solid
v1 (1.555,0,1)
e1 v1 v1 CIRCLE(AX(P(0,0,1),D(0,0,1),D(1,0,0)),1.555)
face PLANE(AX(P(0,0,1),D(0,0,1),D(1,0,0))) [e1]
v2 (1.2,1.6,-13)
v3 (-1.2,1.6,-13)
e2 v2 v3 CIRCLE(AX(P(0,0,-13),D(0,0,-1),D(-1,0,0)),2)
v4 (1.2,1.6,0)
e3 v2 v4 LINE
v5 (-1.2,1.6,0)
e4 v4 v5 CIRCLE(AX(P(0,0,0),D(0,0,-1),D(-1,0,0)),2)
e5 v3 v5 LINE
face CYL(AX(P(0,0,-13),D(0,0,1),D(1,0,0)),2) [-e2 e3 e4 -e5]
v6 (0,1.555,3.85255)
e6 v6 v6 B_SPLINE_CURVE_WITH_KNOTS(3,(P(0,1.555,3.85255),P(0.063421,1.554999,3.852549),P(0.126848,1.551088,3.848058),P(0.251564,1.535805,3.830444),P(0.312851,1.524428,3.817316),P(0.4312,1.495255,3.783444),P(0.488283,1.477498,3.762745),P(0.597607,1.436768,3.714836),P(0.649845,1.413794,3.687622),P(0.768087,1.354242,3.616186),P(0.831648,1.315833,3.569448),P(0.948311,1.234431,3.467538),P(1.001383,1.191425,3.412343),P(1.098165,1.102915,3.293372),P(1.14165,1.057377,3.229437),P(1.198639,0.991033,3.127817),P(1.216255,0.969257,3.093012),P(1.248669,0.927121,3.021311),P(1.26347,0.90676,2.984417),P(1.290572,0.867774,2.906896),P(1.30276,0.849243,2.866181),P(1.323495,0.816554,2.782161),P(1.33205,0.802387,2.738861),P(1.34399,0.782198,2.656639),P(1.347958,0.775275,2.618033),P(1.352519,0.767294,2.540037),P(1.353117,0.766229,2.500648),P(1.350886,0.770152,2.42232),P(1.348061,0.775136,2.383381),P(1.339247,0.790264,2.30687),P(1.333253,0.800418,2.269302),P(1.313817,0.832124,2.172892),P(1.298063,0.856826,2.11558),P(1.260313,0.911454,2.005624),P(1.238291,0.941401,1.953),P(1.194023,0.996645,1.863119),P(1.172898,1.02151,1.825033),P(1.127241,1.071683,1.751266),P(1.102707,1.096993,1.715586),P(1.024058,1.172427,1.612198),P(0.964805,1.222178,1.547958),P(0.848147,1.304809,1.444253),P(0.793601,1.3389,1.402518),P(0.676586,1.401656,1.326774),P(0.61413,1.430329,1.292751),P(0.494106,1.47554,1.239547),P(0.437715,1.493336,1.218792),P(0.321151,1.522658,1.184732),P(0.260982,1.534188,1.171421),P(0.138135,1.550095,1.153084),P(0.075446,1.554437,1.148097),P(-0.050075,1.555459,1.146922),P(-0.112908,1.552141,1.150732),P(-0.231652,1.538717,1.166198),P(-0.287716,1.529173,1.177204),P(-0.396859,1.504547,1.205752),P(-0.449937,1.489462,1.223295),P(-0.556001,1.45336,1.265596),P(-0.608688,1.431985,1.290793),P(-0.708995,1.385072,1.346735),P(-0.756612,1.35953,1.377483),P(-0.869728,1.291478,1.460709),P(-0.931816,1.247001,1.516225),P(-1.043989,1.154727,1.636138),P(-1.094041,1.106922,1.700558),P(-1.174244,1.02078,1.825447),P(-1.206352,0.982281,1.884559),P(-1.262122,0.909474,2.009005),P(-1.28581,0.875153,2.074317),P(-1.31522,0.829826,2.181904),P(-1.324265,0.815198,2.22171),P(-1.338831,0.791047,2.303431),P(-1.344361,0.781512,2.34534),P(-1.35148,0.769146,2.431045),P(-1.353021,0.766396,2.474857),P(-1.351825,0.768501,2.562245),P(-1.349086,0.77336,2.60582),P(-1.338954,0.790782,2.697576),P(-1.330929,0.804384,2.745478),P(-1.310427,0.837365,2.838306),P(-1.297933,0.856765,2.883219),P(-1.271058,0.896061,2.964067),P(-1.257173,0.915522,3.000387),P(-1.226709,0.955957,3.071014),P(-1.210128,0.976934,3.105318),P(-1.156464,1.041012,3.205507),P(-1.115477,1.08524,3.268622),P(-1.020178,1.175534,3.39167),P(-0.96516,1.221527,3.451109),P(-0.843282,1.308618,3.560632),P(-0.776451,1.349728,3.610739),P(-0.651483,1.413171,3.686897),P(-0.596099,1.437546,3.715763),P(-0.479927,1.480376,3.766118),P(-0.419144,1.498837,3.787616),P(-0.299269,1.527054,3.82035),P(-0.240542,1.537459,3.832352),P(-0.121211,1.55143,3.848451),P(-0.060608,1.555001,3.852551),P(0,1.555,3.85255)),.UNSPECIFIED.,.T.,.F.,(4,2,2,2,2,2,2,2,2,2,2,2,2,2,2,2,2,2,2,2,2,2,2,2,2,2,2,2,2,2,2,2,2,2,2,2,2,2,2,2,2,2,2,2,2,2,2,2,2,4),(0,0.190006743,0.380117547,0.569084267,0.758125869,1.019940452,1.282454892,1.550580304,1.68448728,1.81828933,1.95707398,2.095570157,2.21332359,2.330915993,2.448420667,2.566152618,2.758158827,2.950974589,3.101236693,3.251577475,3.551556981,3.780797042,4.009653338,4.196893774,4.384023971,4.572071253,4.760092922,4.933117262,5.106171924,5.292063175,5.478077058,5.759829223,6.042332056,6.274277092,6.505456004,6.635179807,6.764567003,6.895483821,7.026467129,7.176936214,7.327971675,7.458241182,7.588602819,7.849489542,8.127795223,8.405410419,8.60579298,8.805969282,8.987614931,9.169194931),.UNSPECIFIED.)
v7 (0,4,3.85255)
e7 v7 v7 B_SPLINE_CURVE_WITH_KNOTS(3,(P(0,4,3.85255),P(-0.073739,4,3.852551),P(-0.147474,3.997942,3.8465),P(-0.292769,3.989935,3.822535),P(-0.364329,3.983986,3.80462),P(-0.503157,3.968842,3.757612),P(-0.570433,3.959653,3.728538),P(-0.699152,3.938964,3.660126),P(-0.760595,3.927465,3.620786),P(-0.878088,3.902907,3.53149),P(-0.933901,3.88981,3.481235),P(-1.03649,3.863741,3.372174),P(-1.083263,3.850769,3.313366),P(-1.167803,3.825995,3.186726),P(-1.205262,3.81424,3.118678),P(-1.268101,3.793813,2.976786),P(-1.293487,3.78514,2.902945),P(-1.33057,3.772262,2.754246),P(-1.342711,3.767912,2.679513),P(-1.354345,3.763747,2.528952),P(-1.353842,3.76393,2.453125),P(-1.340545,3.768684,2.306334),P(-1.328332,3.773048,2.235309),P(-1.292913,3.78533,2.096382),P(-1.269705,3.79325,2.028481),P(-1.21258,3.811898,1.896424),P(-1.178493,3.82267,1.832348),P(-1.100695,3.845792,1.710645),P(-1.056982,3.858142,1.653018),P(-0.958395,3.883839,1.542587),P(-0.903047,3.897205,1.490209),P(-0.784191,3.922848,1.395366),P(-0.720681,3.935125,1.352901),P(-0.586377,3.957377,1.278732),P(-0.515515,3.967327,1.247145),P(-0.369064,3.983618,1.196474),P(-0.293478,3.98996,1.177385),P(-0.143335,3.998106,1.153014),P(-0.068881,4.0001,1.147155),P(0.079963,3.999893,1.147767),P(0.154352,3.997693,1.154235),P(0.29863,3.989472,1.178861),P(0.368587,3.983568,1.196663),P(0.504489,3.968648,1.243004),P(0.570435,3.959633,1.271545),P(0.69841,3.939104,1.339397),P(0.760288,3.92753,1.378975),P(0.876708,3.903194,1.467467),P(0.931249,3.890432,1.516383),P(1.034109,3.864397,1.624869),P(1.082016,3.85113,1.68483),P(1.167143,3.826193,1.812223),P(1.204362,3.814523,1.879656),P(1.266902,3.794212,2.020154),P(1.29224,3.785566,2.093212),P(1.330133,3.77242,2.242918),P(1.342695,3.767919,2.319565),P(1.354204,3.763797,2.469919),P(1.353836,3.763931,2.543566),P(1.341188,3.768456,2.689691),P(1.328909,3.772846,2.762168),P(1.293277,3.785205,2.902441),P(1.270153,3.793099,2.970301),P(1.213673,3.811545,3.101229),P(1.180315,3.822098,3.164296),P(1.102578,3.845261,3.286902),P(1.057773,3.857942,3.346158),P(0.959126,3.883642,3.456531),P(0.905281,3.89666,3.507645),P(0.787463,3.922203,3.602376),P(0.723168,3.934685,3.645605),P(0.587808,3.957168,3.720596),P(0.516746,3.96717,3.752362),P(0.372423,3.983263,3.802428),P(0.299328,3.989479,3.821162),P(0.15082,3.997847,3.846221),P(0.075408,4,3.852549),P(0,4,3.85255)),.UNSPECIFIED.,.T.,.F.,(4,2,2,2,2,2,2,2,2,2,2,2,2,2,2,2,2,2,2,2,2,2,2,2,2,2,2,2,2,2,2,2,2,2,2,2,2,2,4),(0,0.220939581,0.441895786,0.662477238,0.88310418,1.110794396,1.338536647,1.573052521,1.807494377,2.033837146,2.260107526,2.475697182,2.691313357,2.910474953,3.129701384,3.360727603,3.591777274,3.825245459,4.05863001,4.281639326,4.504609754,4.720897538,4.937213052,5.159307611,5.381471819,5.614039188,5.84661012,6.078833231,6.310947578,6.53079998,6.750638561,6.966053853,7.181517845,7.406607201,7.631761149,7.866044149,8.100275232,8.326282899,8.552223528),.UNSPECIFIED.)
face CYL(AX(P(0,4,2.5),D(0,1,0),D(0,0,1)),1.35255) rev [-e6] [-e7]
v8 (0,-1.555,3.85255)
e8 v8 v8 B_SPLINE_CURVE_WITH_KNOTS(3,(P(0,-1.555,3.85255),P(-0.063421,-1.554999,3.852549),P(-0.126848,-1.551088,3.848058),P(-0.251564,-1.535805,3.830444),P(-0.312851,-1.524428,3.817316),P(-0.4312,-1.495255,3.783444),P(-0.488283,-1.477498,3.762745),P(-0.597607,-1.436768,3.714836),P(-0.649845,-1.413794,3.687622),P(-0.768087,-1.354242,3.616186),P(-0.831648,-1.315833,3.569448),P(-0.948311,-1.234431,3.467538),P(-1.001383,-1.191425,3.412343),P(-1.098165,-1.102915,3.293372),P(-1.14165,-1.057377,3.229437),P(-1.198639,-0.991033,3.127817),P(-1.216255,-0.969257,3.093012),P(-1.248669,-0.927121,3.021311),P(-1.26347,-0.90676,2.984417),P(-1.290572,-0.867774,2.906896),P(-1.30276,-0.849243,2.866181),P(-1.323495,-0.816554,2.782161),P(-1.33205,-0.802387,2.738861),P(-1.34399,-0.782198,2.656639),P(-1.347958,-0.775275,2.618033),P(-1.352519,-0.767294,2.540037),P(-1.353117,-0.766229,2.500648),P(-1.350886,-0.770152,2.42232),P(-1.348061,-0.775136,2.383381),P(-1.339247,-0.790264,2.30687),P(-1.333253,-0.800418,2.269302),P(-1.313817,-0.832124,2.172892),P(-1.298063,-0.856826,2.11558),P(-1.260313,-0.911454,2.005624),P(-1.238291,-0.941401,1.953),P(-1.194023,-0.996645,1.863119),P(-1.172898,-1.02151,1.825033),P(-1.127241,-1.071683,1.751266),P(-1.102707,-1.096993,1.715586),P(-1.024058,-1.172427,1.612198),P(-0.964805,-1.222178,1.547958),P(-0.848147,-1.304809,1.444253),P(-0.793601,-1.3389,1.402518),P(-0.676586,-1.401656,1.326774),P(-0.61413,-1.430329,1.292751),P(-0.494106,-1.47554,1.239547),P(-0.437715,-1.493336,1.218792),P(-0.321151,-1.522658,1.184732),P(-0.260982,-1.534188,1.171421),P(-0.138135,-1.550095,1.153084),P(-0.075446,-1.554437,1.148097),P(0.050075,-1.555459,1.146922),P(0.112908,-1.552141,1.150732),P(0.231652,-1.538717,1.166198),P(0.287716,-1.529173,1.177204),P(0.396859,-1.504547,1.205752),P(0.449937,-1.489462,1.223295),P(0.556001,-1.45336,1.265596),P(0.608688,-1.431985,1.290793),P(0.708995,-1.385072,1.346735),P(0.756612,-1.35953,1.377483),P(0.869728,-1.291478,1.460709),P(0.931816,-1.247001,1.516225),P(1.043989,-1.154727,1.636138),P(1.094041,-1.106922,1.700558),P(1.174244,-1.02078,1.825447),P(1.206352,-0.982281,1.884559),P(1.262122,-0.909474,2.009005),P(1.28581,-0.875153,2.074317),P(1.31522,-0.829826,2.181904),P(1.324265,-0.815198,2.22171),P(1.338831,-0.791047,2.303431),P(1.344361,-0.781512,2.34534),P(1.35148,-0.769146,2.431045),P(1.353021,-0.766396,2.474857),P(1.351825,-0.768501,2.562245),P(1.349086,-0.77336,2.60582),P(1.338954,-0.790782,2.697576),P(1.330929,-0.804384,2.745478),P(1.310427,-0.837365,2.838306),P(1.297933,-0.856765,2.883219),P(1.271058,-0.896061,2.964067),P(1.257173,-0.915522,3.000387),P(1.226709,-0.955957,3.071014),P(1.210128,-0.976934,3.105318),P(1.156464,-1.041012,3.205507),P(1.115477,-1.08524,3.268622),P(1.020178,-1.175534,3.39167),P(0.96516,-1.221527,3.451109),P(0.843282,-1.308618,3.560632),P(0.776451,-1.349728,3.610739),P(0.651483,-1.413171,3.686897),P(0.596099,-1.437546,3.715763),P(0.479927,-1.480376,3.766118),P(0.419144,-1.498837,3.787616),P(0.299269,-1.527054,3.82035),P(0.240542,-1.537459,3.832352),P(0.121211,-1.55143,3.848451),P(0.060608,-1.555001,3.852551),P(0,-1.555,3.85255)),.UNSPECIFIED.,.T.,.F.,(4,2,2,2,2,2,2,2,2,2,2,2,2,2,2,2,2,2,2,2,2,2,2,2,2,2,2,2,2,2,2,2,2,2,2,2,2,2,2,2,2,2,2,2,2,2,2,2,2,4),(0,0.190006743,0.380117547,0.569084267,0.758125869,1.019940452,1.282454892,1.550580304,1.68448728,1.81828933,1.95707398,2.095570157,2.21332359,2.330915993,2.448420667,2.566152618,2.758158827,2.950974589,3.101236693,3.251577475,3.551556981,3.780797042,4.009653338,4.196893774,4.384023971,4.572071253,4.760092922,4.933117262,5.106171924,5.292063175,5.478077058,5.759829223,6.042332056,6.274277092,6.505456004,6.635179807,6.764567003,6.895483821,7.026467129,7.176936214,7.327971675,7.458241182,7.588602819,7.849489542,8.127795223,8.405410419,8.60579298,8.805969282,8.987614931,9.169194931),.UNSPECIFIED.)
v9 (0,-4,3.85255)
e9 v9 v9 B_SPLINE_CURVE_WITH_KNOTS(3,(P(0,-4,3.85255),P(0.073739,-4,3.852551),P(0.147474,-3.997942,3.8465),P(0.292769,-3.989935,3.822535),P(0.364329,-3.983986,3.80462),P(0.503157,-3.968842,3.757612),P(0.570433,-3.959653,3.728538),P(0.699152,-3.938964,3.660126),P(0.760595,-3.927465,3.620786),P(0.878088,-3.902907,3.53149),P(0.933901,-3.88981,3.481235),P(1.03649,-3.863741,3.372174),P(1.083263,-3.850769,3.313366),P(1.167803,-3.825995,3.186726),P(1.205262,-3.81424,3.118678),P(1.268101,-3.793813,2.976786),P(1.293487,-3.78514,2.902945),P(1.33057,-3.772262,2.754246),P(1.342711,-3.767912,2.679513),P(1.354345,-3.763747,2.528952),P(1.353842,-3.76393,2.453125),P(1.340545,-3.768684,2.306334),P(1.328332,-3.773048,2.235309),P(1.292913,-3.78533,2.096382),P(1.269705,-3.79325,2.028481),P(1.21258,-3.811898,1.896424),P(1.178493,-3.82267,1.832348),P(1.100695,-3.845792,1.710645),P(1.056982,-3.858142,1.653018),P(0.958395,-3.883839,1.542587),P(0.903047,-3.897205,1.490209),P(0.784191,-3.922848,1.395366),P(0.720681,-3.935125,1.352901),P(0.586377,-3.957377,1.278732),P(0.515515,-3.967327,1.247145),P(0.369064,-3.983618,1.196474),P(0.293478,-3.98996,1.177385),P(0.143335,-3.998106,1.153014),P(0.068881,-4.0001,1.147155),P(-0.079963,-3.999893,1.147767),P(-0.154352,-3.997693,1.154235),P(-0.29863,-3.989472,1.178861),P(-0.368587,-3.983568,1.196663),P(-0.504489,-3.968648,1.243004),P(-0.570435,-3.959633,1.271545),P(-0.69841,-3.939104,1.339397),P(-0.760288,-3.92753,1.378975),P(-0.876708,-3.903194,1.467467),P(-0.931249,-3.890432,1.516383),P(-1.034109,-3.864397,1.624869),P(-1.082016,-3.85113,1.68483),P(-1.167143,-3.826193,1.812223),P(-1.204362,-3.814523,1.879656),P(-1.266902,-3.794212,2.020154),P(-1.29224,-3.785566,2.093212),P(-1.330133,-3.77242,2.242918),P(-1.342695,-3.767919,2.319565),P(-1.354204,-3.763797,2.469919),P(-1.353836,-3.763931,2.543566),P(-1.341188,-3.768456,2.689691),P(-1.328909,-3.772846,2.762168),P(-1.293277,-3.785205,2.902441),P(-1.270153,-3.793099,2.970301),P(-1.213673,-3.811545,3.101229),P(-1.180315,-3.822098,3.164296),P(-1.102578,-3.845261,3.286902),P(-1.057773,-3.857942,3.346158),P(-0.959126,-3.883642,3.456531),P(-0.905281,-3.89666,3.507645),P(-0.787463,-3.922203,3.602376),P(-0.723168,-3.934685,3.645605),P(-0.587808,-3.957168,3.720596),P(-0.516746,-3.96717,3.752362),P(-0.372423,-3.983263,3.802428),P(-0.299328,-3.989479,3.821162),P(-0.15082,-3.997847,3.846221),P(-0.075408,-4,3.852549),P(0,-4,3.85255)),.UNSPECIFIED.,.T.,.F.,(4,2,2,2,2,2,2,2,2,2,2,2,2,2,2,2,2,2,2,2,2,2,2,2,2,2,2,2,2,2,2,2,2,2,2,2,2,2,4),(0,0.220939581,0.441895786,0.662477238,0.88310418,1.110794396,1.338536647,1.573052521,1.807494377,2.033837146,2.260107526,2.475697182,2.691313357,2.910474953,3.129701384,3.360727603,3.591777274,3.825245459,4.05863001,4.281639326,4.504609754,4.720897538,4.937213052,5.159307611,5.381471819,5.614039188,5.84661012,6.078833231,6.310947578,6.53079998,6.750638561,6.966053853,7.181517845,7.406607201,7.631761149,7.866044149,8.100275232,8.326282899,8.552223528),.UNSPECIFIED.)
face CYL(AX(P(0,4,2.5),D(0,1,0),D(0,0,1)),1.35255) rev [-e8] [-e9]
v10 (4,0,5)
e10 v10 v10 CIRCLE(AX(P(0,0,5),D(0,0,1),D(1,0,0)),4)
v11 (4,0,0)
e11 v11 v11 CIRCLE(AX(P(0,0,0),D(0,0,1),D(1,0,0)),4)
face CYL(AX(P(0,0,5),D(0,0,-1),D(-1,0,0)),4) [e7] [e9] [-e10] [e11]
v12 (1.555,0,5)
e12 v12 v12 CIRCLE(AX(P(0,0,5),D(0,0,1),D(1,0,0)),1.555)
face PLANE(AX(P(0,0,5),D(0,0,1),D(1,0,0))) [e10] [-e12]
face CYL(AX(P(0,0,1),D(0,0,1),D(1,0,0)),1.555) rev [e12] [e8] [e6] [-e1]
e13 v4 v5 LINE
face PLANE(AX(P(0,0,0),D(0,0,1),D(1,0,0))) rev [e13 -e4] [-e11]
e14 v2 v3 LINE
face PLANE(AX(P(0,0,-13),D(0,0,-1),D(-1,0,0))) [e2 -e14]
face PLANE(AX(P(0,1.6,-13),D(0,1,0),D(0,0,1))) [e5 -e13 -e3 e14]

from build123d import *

# Parameters (mm, degrees)
SKETCH1_R             = 4
BOSS_EXTRUDE1_DEPTH   = 5
SKETCH2_R             = 1.555
CUT_EXTRUDE1_DEPTH    = 4
BOSS_EXTRUDE2_DEPTH   = 13
F_6_32_TAPPED_HOLE2_D = 2.7051


with BuildPart() as part:
    # Sketch1 → Boss-Extrude1 (new body)
    with BuildSketch(Plane.XY):
        Circle(SKETCH1_R)
    extrude(amount=BOSS_EXTRUDE1_DEPTH)

    # Sketch2 → Cut-Extrude1 (cut)
    with BuildSketch(Plane.XY.offset(5)):
        Circle(SKETCH2_R)
    extrude(amount=-CUT_EXTRUDE1_DEPTH, mode=Mode.SUBTRACT)

    # Sketch3 → Boss-Extrude2 (add)
    with BuildSketch(Plane(origin=(0, 0, 0), x_dir=(-1, 0, 0), z_dir=(0, 0, -1))):
        with BuildLine():
            Line((1.2, 1.6), (-1.2, 1.6))
            ThreePointArc((-1.2, 1.6), (-0.894427191, -1.788854382), (2, 0))
            ThreePointArc((2, 0), (1.788854382, 0.894427191), (1.2, 1.6))
        make_face()
    extrude(amount=BOSS_EXTRUDE2_DEPTH)

    # #6-32 Tapped Hole2 (through all)
    with Locations(Plane(origin=(0, 4, 0), x_dir=(1, 0, 0), z_dir=(0, 1, 0))):
        with Locations((0, -2.5)):
            Hole(F_6_32_TAPPED_HOLE2_D / 2)


solid = part.part
